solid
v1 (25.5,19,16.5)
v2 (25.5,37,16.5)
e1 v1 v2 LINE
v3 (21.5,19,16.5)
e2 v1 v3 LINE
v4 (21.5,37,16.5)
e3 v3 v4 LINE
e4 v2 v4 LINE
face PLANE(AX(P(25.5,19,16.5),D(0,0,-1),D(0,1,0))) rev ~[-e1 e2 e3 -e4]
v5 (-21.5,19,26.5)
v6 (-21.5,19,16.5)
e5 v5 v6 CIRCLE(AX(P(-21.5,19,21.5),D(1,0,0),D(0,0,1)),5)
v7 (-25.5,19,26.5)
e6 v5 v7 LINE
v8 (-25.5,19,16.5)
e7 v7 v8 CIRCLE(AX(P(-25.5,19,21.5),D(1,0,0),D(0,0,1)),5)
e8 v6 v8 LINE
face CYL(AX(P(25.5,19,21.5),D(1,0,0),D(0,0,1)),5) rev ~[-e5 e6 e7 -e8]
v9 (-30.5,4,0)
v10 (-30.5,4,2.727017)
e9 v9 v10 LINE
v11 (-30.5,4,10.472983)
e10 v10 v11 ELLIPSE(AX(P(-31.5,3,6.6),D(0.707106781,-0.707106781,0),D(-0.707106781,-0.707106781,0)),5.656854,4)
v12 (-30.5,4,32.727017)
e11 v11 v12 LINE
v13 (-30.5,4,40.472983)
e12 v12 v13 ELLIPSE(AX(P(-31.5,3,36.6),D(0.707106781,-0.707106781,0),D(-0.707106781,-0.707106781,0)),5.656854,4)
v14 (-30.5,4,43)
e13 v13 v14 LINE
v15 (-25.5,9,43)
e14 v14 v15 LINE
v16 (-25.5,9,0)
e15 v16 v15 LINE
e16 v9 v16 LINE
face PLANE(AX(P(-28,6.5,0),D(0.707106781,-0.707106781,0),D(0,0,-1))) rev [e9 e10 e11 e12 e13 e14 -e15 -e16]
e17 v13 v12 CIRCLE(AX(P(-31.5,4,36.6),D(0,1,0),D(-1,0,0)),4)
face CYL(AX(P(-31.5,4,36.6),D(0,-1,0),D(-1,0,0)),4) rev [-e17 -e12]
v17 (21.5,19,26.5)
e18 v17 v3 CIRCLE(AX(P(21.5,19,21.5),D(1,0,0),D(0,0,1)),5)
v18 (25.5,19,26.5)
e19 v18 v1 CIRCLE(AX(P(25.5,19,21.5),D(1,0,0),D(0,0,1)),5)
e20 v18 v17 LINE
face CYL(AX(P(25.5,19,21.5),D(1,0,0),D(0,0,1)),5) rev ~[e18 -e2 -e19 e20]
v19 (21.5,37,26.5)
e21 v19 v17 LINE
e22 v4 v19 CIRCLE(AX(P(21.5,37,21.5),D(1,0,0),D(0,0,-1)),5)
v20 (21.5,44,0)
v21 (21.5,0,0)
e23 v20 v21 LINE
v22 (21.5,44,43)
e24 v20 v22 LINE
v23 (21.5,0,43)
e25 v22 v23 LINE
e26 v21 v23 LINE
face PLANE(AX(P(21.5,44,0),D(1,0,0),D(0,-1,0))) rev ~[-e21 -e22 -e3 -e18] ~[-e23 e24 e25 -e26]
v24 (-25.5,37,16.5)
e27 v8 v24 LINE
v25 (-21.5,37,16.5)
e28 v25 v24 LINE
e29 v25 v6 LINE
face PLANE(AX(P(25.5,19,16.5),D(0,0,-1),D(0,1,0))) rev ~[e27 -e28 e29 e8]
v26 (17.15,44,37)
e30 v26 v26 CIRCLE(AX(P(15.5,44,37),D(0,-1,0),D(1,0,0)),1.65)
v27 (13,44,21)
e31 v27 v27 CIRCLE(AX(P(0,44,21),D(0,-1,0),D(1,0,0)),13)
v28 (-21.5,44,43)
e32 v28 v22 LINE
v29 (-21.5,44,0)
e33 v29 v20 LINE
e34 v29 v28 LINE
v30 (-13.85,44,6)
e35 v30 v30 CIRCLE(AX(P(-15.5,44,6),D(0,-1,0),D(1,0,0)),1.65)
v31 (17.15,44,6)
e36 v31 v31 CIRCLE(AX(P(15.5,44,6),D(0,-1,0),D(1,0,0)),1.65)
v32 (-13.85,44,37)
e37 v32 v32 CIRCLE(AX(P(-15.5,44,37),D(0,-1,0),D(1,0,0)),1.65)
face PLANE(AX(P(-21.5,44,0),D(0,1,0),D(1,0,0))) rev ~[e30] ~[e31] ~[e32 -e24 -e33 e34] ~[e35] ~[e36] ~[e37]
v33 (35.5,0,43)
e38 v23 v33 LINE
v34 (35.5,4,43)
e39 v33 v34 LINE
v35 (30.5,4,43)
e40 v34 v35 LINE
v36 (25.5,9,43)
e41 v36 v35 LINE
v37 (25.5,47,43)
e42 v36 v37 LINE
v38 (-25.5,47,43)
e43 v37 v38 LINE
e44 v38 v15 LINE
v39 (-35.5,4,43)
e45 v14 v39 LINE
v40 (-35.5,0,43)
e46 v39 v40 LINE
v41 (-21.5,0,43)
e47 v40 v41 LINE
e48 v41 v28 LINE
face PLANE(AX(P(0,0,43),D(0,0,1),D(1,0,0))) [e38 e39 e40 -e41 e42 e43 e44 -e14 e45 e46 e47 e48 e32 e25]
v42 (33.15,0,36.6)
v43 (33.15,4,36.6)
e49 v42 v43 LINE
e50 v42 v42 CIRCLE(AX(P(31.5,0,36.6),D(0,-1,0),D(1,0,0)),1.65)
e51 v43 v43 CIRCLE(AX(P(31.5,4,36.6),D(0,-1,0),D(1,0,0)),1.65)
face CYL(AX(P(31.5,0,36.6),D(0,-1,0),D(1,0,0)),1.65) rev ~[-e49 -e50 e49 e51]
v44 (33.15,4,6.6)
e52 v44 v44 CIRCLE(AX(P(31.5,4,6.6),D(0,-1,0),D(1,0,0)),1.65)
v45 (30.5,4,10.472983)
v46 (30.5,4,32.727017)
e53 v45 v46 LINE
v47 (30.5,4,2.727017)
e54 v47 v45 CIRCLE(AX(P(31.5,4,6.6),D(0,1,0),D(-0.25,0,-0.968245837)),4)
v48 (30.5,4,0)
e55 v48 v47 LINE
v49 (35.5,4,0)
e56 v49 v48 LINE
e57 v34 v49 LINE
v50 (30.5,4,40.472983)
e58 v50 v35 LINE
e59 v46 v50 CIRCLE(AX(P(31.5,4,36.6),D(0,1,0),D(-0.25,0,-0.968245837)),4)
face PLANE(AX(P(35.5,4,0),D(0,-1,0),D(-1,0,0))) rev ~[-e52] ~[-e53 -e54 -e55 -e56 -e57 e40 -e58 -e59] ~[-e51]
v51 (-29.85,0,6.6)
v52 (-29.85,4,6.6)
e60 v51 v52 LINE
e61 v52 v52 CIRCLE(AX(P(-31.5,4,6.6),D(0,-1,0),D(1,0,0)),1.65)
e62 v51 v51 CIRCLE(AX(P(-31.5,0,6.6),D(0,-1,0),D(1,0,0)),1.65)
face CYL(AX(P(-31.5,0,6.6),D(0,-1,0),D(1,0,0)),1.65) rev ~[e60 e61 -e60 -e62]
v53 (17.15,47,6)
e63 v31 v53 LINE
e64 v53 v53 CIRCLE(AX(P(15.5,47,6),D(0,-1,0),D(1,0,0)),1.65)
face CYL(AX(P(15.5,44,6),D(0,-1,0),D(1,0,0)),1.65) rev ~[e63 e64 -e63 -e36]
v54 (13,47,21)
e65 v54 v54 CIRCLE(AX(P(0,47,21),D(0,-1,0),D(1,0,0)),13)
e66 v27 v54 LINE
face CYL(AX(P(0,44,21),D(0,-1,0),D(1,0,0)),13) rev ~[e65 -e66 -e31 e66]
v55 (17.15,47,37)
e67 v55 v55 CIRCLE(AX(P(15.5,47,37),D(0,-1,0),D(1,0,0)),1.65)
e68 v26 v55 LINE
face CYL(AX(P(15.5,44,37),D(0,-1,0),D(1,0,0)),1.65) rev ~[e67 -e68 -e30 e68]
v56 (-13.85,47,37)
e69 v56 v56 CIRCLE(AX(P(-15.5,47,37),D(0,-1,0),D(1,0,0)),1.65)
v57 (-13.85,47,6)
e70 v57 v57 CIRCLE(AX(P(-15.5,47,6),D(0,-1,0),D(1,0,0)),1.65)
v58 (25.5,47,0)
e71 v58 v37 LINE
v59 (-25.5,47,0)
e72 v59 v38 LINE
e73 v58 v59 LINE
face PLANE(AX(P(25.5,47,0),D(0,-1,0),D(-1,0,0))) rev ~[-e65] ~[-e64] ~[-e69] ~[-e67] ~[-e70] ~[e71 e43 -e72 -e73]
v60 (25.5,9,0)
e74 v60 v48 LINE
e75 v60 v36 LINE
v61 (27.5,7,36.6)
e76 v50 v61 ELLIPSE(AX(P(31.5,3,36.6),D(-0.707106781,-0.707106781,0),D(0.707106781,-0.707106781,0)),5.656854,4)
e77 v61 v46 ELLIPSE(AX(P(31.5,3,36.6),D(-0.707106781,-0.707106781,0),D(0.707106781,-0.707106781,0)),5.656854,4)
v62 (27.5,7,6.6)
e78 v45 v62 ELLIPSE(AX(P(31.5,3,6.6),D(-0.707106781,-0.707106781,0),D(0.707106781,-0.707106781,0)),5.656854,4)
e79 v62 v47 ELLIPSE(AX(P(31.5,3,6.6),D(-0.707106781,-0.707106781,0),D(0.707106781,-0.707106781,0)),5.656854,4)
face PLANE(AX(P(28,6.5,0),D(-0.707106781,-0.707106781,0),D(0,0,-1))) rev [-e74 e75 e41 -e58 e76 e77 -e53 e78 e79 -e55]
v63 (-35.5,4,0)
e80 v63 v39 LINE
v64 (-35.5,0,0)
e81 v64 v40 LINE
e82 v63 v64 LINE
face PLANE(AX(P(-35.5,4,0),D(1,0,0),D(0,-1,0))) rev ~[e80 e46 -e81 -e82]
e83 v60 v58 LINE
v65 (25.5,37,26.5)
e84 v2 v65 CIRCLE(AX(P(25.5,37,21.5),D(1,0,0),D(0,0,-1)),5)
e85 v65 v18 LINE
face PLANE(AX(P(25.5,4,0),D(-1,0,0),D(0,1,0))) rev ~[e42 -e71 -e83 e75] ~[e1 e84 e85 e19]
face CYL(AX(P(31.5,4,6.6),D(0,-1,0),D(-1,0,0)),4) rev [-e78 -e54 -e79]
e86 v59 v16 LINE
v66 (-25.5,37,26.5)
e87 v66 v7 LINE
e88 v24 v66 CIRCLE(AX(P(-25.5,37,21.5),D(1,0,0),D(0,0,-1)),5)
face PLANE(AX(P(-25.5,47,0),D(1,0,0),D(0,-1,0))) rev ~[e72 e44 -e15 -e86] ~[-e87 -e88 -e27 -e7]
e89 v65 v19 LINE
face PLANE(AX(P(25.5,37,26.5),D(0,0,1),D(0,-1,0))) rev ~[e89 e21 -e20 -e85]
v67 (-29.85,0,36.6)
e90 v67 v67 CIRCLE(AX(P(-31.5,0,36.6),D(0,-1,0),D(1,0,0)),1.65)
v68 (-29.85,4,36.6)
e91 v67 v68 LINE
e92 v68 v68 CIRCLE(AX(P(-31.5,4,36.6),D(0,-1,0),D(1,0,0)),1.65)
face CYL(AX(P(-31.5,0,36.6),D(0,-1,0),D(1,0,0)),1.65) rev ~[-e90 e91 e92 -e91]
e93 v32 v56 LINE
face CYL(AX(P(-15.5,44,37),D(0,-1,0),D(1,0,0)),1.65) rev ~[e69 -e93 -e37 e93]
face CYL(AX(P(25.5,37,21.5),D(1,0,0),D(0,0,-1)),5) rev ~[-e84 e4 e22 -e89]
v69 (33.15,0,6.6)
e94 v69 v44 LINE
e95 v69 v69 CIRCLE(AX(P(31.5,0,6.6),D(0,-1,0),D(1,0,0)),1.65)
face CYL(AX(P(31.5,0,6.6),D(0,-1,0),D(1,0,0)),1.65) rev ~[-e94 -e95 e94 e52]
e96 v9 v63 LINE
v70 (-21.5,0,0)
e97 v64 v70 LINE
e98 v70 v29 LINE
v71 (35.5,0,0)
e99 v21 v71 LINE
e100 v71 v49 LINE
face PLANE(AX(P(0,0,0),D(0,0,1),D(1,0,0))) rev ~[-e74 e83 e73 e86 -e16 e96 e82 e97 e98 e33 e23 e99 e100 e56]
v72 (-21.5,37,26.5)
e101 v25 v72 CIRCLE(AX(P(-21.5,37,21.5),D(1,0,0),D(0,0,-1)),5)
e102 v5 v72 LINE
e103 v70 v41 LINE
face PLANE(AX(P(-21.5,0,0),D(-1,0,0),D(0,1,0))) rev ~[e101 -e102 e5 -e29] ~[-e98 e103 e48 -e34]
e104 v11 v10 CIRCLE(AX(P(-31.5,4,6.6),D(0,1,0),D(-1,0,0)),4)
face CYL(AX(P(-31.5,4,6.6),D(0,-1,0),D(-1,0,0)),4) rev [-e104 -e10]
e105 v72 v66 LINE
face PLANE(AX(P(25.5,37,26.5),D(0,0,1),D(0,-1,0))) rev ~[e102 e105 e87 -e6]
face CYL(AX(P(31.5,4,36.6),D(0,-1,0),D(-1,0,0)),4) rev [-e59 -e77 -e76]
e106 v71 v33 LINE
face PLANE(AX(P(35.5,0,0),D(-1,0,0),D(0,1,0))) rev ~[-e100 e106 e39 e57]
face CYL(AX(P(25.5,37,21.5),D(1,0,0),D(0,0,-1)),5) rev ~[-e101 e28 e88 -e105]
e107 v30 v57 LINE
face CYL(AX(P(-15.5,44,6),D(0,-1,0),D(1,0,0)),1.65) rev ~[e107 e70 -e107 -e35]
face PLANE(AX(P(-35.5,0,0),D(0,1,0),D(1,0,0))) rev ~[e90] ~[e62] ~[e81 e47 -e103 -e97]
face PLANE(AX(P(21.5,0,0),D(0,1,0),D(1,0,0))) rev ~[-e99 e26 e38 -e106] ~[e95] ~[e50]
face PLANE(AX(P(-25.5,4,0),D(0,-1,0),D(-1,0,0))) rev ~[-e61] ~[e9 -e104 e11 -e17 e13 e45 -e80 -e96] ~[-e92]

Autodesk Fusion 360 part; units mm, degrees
sketch "Sketch1" plane through (0, 0, 0) normal (0, 0, 1) x (1, 0, 0)
  line L0 (-35.5, 0) -> (-21.5, 0)
  line L1 (-21.5, 0) -> (-21.5, 44)
  line L2 (-21.5, 44) -> (21.5, 44)
  line L3 (21.5, 44) -> (21.5, 0)
  line L4 (21.5, 0) -> (35.5, 0)
  line L5 (35.5, 0) -> (35.5, 4)
  line L6 (35.5, 4) -> (25.5, 4)
  line L7 (25.5, 4) -> (25.5, 47)
  line L8 (25.5, 47) -> (-25.5, 47)
  line L9 (-25.5, 47) -> (-25.5, 4)
  line L10 (-25.5, 4) -> (-35.5, 4)
  line L11 (-35.5, 4) -> (-35.5, 0)
  dimension "d1" = 43
  dimension "d2" = 21.5
  dimension "d3" = 4
  dimension "d4" = 4
  dimension "d5" = 3
  dimension "d6" = 4
  dimension "d7" = 4
  dimension "d8" = 10
  dimension "d9" = 10
  dimension "d42" = 44
  dimension "d43" = 44
extrude "Extrude1" add sketch "Sketch1" along normal blind 43
sketch "Sketch3" plane through (0, 44, 0) normal (0, -1, 0) x (1, 0, 0)
  line L0 (-21.5, 0) -> (21.5, 0)
  line L1 (21.5, 0) -> (21.5, 43)
  line L2 (21.5, 43) -> (-21.5, 43)
  line L3 (-21.5, 43) -> (-21.5, 0)
  circle A0 centre (-15.5, 6) radius 1.65
  circle A1 centre (15.5, 6) radius 1.65
  circle A2 centre (-15.5, 37) radius 1.65
  circle A3 centre (15.5, 37) radius 1.65
  dimension "d14" = 3.3
  dimension "d15" = 6
  dimension "d16" = 6
  dimension "d19" = 31
  dimension "d20" = 31
extrude "Extrude2" cut sketch "Sketch3" against normal up to surface (3 mm away) contours A0 | A1 | A2 | A3
chamfer "Chamfer1" distance 5 angle 45 2 edges at (25.5, 4, 21.5) (-25.5, 4, 21.5)
sketch "Sketch5" plane through (0, 44, 0) normal (0, -1, 0) x (1, 0, 0)
  circle A0 centre (15.5, 37) radius 1.65
  circle A1 centre (15.5, 6) radius 1.65
  circle A2 centre (-15.5, 37) radius 1.65
  circle A3 centre (-15.5, 6) radius 1.65
  line L0 (-21.5, 0) -> (21.5, 0)
  line L1 (21.5, 0) -> (21.5, 43)
  line L2 (21.5, 43) -> (-21.5, 43)
  line L3 (-21.5, 43) -> (-21.5, 0)
  circle A4 centre (0, 21) radius 13
  dimension "d25" = 26
  dimension "d26" = 21.5
extrude "Extrude3" cut sketch "Sketch5" against normal up to surface (3 mm away) contours A4
sketch "Sketch6" plane through (0, 0, 0) normal (0, -1, 0) x (1, 0, 0)
  line L0 (21.5, 0) -> (35.5, 0)
  line L1 (35.5, 0) -> (35.5, 43)
  line L2 (35.5, 43) -> (21.5, 43)
  line L3 (21.5, 43) -> (21.5, 0)
  circle A0 centre (31.5, 36.6) radius 1.65
  circle A1 centre (-31.5, 36.6) radius 1.65
  line L4 (-21.5, 0) -> (-21.5, 43)
  line L5 (-35.5, 43) -> (-21.5, 43)
  circle A2 centre (31.5, 6.6) radius 1.65
  circle A3 centre (-31.5, 6.6) radius 1.65
  dimension "d29" = 3.3
  dimension "d30" = 10
  dimension "d31" = 3.3
  dimension "d32" = 10
  dimension "d33" = 6.4
  dimension "d34" = 6.4
  dimension "d37" = 0
  dimension "d38" = -30
extrude "Extrude4" cut sketch "Sketch6" against normal blind 10 contours A0 | A1 | A2 | A3
sketch "Sketch7" plane through (0, 4, 0) normal (0, 1, 0) x (-1, 0, 0)
  arc A0 (-30.5, 7.9124) -> (-30.5, 5.2876) centre (-31.5, 6.6) ccw
  line L0 (-30.5, 7.9124) -> (-30.5, 35.2876)
  arc A1 (-30.5, 37.9124) -> (-30.5, 35.2876) centre (-31.5, 36.6) ccw
  line L1 (-30.5, 37.9124) -> (-30.5, 43)
  line L2 (-30.5, 43) -> (-35.5, 43)
  line L3 (-35.5, 43) -> (-35.5, 0)
  line L4 (-35.5, 0) -> (-30.5, 0)
  line L5 (-30.5, 0) -> (-30.5, 5.2876)
  circle A2 centre (-31.5, 6.6) radius 4
  circle A3 centre (31.5, 6.6) radius 4
  circle A4 centre (-31.5, 36.6) radius 4
  circle A5 centre (31.5, 36.6) radius 4
  dimension "d44" = 8
  dimension "d47" = 63
  dimension "d48" = 30
extrude "Extrude5" cut sketch "Sketch7" along normal blind 4 contours A0 L0 L5 A2 | A0 L0 L5 A2 | L0 A1 L1 A4 | L0 A1 L1 A4 | A3 | A5
sketch "Sketch8" plane through (25.5, 0, 0) normal (1, 0, 0) x (0, 0, -1)
  line L0 (-43, 9) -> (0, 9)
  line L1 (0, 9) -> (0, 47)
  line L2 (0, 47) -> (-43, 47)
  line L3 (-43, 47) -> (-43, 9)
  line L4 (-26.5, 37) -> (-26.5, 19)
  arc A0 (-26.5, 19) -> (-16.5, 19) centre (-21.5, 19) ccw
  line L5 (-16.5, 19) -> (-16.5, 37)
  arc A1 (-16.5, 37) -> (-26.5, 37) centre (-21.5, 37) ccw
  line L6 (-21.5, 37) -> (-21.5, 19) construction
  dimension "d51" = 18
  dimension "d52" = 10
  dimension "d53" = 21.5
extrude "Extrude6" cut sketch "Sketch8" against normal up to surface (51 mm away) contours L4 A0 L5 A1
equation "d1 = size"
equation "d2 = d1 / 2"
equation "d4 = d3"
equation "d7 = d6"
equation "d9 = d8"
equation "d10 = size"
equation "size = 43 mm"
equation "spacing = 31 mm"
equation "d15 = ( size - spacing ) / 2"
equation "d16 = d15"
equation "d26 = size / 2"
equation "d32 = d30"
equation "d34 = d33"
equation "d38 = -( size - 13 mm )"
equation "d43 = d42"
equation "d53 = ( 43 / 2 ) * 1 mm"
